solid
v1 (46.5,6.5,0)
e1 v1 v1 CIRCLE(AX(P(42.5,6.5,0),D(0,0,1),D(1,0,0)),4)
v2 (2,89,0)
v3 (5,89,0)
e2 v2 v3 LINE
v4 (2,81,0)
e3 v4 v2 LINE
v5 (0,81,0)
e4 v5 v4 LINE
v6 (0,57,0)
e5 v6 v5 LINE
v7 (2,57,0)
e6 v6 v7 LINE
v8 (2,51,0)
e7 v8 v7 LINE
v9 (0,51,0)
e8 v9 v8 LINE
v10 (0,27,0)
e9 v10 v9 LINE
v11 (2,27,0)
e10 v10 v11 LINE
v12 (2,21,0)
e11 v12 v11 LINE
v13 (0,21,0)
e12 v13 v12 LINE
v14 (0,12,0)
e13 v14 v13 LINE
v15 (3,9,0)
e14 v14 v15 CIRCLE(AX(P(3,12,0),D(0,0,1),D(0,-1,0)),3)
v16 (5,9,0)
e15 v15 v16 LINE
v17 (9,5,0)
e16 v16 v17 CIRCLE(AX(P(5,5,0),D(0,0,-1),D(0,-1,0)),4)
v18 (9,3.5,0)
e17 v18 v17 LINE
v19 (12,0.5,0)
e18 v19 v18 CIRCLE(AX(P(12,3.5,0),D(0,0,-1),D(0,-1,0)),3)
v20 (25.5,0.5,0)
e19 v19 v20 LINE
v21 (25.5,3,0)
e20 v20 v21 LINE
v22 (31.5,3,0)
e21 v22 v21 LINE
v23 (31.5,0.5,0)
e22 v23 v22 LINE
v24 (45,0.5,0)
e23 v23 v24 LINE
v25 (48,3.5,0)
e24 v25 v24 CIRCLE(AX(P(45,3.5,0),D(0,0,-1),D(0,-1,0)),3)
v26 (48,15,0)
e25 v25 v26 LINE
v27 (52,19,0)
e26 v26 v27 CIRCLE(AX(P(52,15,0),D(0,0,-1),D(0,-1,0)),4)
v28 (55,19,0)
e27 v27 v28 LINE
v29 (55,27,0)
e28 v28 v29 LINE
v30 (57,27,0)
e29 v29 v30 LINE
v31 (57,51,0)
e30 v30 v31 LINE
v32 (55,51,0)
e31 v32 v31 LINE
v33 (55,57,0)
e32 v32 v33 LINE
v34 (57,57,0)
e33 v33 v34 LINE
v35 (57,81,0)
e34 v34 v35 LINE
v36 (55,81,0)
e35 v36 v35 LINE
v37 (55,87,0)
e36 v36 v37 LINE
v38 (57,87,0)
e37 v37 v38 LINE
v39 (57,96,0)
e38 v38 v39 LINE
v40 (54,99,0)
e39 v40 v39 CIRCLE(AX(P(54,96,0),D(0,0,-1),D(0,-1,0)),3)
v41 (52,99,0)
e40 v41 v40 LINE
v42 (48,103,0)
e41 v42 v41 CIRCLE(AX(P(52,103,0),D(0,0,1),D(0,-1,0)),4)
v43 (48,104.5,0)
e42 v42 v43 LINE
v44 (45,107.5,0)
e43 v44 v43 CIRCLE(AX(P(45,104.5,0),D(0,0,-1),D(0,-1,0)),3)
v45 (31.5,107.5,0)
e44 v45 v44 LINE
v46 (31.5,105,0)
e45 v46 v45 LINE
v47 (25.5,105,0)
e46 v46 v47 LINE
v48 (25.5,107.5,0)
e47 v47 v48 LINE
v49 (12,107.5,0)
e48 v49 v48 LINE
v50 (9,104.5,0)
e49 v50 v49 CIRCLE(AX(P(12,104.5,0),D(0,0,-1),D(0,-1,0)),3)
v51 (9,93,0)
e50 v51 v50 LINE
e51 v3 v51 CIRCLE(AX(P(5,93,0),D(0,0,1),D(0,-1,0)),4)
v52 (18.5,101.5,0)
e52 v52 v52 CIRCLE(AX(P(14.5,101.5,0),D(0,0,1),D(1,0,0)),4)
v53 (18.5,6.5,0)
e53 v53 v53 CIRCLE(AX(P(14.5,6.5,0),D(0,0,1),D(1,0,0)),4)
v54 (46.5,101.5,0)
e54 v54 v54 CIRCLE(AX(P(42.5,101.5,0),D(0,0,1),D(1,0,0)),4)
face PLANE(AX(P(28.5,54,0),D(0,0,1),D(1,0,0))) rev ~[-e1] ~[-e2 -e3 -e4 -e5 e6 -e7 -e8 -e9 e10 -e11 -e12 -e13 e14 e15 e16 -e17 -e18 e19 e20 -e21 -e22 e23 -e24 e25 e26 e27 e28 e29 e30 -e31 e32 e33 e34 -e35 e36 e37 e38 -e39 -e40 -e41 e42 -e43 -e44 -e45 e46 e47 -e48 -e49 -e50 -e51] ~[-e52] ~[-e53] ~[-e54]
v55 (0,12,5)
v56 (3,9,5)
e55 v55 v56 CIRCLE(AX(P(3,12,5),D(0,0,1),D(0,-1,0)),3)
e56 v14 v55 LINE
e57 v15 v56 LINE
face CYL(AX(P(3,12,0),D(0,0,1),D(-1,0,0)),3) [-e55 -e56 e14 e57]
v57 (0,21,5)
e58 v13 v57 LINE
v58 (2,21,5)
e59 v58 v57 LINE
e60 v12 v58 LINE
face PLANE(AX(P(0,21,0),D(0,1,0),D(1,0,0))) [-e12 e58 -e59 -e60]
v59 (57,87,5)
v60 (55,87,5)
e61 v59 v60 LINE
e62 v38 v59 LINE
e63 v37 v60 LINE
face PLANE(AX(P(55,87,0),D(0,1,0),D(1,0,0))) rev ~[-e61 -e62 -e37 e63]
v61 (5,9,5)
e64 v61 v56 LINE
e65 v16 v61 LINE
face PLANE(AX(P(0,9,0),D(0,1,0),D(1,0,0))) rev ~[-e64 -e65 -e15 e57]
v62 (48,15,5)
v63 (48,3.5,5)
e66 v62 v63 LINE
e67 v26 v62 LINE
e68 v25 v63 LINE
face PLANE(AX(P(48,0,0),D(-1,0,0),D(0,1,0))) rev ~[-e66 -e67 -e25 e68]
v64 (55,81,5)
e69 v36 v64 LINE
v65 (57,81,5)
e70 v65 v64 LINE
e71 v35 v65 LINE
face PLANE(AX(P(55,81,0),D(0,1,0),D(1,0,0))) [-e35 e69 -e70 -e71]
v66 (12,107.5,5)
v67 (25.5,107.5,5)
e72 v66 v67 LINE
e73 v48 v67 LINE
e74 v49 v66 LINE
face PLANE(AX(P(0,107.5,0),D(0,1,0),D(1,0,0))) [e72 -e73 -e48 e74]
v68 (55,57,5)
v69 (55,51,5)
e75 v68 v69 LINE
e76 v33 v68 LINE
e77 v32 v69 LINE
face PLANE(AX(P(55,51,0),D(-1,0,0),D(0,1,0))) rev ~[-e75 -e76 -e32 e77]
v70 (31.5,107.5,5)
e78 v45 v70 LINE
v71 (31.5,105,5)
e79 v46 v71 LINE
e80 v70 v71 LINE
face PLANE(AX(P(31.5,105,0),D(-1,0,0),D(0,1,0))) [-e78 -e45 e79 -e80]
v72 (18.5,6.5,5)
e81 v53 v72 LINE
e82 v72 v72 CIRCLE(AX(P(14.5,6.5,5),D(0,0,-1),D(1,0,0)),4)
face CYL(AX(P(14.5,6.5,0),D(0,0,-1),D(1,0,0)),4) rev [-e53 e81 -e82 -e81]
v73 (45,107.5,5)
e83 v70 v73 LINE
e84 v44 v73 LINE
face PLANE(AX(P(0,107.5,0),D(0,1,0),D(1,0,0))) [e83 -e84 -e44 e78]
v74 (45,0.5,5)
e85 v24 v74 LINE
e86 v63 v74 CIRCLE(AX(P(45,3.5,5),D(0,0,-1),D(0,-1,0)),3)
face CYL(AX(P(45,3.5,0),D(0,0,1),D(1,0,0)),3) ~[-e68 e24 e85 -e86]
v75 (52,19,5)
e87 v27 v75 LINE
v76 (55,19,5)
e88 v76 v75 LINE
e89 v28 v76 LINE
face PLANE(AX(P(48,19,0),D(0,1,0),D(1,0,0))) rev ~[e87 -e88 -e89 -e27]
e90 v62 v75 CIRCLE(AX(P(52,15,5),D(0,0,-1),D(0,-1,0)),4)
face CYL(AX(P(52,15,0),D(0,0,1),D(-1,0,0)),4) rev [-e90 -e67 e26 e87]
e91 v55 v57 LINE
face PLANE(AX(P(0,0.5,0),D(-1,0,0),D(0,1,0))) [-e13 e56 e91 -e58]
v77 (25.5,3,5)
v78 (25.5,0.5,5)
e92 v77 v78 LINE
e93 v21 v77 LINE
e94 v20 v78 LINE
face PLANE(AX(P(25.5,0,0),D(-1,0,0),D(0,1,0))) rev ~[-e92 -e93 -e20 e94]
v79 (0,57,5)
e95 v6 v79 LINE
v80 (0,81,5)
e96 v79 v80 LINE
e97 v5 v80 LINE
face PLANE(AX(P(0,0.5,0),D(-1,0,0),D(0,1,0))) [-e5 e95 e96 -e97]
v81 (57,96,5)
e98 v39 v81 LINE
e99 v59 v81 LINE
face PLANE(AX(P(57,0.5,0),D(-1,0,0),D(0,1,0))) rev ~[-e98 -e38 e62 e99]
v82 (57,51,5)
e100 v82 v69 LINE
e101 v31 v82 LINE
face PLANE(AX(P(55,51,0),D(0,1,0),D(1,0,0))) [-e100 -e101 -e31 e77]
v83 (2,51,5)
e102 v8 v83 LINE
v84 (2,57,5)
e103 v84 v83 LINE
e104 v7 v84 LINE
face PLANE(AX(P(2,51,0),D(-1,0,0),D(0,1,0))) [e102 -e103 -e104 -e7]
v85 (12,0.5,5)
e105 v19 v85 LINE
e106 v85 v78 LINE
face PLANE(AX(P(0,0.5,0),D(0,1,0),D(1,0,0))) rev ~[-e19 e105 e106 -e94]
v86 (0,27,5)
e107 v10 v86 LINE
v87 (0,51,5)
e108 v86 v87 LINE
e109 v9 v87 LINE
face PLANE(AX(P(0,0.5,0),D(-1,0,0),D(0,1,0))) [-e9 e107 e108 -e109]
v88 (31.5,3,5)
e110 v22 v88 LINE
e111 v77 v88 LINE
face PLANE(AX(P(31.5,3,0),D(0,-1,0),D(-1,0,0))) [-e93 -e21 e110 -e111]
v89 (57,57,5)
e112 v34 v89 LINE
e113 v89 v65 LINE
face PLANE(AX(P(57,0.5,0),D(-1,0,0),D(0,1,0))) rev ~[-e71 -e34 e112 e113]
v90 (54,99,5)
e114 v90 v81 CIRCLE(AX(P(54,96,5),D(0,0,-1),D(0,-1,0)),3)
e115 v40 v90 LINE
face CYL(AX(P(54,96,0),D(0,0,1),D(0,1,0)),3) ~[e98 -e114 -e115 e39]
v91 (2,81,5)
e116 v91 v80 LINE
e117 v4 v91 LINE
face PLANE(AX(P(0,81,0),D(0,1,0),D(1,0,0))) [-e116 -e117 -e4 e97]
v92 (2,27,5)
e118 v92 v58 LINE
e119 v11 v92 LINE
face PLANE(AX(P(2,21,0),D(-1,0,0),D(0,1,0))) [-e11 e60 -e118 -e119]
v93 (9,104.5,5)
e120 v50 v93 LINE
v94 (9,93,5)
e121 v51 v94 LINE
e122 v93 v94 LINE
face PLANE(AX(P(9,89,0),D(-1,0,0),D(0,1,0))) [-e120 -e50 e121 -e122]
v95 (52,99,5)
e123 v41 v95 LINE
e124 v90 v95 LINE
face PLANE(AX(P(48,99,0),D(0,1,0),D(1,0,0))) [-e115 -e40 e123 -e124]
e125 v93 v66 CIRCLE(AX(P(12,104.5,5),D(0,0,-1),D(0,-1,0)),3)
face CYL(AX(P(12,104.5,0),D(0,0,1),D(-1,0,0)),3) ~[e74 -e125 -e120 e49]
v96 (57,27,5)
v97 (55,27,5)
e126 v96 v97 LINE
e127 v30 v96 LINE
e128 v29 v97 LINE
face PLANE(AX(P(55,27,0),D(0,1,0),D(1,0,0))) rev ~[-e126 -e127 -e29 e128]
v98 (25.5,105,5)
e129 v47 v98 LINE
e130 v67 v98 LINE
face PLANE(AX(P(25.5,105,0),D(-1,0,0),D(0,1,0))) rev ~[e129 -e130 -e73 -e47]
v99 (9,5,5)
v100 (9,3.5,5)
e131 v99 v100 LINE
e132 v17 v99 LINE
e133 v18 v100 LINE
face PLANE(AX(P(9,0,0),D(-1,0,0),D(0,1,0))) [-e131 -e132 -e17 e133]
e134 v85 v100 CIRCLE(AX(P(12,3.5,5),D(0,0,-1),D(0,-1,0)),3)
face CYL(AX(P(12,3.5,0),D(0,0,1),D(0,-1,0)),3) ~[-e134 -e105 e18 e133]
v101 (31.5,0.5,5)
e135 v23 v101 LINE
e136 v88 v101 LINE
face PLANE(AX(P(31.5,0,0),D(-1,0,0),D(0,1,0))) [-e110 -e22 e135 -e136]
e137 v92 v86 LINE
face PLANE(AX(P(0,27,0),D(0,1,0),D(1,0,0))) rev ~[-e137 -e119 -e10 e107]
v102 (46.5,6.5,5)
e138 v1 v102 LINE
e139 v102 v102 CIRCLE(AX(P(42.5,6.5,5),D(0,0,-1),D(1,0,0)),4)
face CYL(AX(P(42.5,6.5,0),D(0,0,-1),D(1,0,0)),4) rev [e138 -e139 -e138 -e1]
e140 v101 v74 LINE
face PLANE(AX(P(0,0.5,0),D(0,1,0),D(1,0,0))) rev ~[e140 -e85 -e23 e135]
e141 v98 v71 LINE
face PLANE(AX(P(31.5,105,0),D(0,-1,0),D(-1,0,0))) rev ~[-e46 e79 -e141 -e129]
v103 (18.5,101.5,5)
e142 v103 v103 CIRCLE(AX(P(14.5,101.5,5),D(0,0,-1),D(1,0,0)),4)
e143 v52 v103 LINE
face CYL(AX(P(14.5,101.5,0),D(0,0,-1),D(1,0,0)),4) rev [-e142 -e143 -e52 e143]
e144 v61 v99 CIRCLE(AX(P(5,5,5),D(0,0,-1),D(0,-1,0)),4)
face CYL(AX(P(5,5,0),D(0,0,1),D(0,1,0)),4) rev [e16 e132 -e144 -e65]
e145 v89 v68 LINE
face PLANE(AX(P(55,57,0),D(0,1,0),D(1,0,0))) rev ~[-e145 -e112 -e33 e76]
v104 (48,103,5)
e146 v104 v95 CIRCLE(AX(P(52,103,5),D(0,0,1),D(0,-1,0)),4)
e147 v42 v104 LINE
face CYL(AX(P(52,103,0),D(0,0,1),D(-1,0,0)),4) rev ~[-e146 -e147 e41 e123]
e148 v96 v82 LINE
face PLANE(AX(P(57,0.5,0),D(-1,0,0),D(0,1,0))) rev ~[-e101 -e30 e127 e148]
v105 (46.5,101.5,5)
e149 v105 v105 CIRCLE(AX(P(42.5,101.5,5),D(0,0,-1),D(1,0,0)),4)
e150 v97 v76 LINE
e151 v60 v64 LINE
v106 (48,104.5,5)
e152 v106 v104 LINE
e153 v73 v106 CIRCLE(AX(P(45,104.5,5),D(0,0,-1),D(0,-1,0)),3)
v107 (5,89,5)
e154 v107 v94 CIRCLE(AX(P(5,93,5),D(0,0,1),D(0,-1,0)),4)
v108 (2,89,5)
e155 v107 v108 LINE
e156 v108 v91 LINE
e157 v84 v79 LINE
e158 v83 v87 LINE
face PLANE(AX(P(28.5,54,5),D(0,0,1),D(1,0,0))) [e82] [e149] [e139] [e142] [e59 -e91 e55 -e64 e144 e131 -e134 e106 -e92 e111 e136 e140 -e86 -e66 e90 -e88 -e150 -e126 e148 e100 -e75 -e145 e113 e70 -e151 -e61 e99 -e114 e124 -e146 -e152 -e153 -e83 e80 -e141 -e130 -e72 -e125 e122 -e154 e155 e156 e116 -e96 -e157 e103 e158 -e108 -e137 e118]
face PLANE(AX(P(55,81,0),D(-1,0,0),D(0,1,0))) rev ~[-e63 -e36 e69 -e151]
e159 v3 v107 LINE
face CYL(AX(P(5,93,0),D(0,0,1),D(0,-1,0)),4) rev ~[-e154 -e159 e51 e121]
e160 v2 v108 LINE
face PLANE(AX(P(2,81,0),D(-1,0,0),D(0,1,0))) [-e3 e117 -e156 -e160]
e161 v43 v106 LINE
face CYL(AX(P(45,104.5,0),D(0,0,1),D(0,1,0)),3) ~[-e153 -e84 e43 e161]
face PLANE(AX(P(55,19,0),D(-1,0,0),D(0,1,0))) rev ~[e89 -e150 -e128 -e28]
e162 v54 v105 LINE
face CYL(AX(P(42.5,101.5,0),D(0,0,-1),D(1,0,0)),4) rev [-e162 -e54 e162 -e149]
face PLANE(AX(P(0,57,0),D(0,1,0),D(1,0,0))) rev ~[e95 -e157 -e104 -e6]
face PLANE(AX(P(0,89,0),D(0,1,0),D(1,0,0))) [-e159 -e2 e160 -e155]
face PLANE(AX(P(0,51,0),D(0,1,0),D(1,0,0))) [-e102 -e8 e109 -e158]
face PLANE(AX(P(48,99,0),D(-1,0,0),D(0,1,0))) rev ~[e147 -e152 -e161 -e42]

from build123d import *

# Parameters (mm, degrees)
BOX002_W               = 9
BOX002_H               = 9
BOX002_DEPTH           = 10
BOX003_W               = 9
BOX003_H               = 19
BOX003_DEPTH           = 10
BOX004_W               = 9
BOX004_H               = 9
BOX004_DEPTH           = 10
BOX005_W               = 2
BOX005_H               = 6
BOX005_DEPTH           = 10
BOX006_W               = 2
BOX006_H               = 8
BOX006_DEPTH           = 10
BOX007_W               = 2
BOX007_H               = 6
BOX007_DEPTH           = 10
BOX008_W               = 2
BOX008_H               = 6
BOX008_DEPTH           = 10
BOX009_W               = 2
BOX009_H               = 6
BOX009_DEPTH           = 10
BOX010_W               = 2
BOX010_H               = 8
BOX010_DEPTH           = 10
CYLINDER_R             = 4
CYLINDER_DEPTH         = 10
CYLINDER002_R          = 4
CYLINDER002_DEPTH      = 10
CYLINDER001_R          = 4
CYLINDER001_DEPTH      = 10
CYLINDER003_R          = 4
CYLINDER003_DEPTH      = 10
BOX011_W               = 3
BOX011_H               = 6
BOX011_DEPTH           = 10
BOX011_PLACEMENT_ANGLE = 90
BOX012_W               = 3
BOX012_H               = 6
BOX012_DEPTH           = 10
BOX012_PLACEMENT_ANGLE = 90
BOX001_W               = 9
BOX001_H               = 19
BOX001_DEPTH           = 10
BOX_W                  = 57
BOX_H                  = 107
BOX_DEPTH              = 5
FILLET_R               = 3
FILLET001_R            = 4


with BuildPart() as cube002:
    # Box002 → Box002 (new body)
    with BuildSketch(Plane.XY):
        with Locations((4.5, 4.5)):
            Rectangle(BOX002_W, BOX002_H)
    extrude(amount=BOX002_DEPTH)


with BuildPart() as cube003:
    # Box003 → Box003 (new body)
    with BuildSketch(Plane(origin=(0, 89, 0), x_dir=(1, 0, 0), z_dir=(0, 0, 1))):
        with Locations((4.5, 9.5)):
            Rectangle(BOX003_W, BOX003_H)
    extrude(amount=BOX003_DEPTH)


with BuildPart() as cube004:
    # Box004 → Box004 (new body)
    with BuildSketch(Plane(origin=(48, 99, 0), x_dir=(1, 0, 0), z_dir=(0, 0, 1))):
        with Locations((4.5, 4.5)):
            Rectangle(BOX004_W, BOX004_H)
    extrude(amount=BOX004_DEPTH)


with BuildPart() as cube005:
    # Box005 → Box005 (new body)
    with BuildSketch(Plane(origin=(0, 51, 0), x_dir=(1, 0, 0), z_dir=(0, 0, 1))):
        with Locations((1, 3)):
            Rectangle(BOX005_W, BOX005_H)
    extrude(amount=BOX005_DEPTH)


with BuildPart() as cube006:
    # Box006 → Box006 (new body)
    with BuildSketch(Plane(origin=(0, 81, 0), x_dir=(1, 0, 0), z_dir=(0, 0, 1))):
        with Locations((1, 4)):
            Rectangle(BOX006_W, BOX006_H)
    extrude(amount=BOX006_DEPTH)


with BuildPart() as cube007:
    # Box007 → Box007 (new body)
    with BuildSketch(Plane(origin=(0, 21, 0), x_dir=(1, 0, 0), z_dir=(0, 0, 1))):
        with Locations((1, 3)):
            Rectangle(BOX007_W, BOX007_H)
    extrude(amount=BOX007_DEPTH)


with BuildPart() as cube008:
    # Box008 → Box008 (new body)
    with BuildSketch(Plane(origin=(55, 51, 0), x_dir=(1, 0, 0), z_dir=(0, 0, 1))):
        with Locations((1, 3)):
            Rectangle(BOX008_W, BOX008_H)
    extrude(amount=BOX008_DEPTH)


with BuildPart() as cube009:
    # Box009 → Box009 (new body)
    with BuildSketch(Plane(origin=(55, 81, 0), x_dir=(1, 0, 0), z_dir=(0, 0, 1))):
        with Locations((1, 3)):
            Rectangle(BOX009_W, BOX009_H)
    extrude(amount=BOX009_DEPTH)


with BuildPart() as cube010:
    # Box010 → Box010 (new body)
    with BuildSketch(Plane(origin=(55, 19, 0), x_dir=(1, 0, 0), z_dir=(0, 0, 1))):
        with Locations((1, 4)):
            Rectangle(BOX010_W, BOX010_H)
    extrude(amount=BOX010_DEPTH)


with BuildPart() as cylinder:
    # Cylinder → Cylinder (new body)
    with BuildSketch(Plane(origin=(14.5, 6.5, 0), x_dir=(1, 0, 0), z_dir=(0, 0, 1))):
        Circle(CYLINDER_R)
    extrude(amount=CYLINDER_DEPTH)


with BuildPart() as cylinder002:
    # Cylinder002 → Cylinder002 (new body)
    with BuildSketch(Plane(origin=(42.5, 101.5, 0), x_dir=(1, 0, 0), z_dir=(0, 0, 1))):
        Circle(CYLINDER002_R)
    extrude(amount=CYLINDER002_DEPTH)


with BuildPart() as cylinder001:
    # Cylinder001 → Cylinder001 (new body)
    with BuildSketch(Plane(origin=(42.5, 6.5, 0), x_dir=(1, 0, 0), z_dir=(0, 0, 1))):
        Circle(CYLINDER001_R)
    extrude(amount=CYLINDER001_DEPTH)


with BuildPart() as cylinder003:
    # Cylinder003 → Cylinder003 (new body)
    with BuildSketch(Plane(origin=(14.5, 101.5, 0), x_dir=(1, 0, 0), z_dir=(0, 0, 1))):
        Circle(CYLINDER003_R)
    extrude(amount=CYLINDER003_DEPTH)


with BuildPart() as cube011:
    # Box011 → Box011 (new body)
    with BuildSketch(Plane.XY):
        with Locations((1.5, 3)):
            Rectangle(BOX011_W, BOX011_H)
    extrude(amount=BOX011_DEPTH)


with BuildPart() as cube011_1:
    # Box011 placement: moved
    add(cube011.part.moved(Location((31.5, 0, 0))).rotate(Axis((31.5, 0, 0), (0, 0, 1)), BOX011_PLACEMENT_ANGLE))


with BuildPart() as cube012:
    # Box012 → Box012 (new body)
    with BuildSketch(Plane.XY):
        with Locations((1.5, 3)):
            Rectangle(BOX012_W, BOX012_H)
    extrude(amount=BOX012_DEPTH)


with BuildPart() as cube012_1:
    # Box012 placement: moved
    add(cube012.part.moved(Location((31.5, 105, 0))).rotate(Axis((31.5, 105, 0), (0, 0, 1)), BOX012_PLACEMENT_ANGLE))


with BuildPart() as fusion:
    # Box001 → Box001 (new body)
    with BuildSketch(Plane(origin=(48, 0, 0), x_dir=(1, 0, 0), z_dir=(0, 0, 1))):
        with Locations((4.5, 9.5)):
            Rectangle(BOX001_W, BOX001_H)
    extrude(amount=BOX001_DEPTH)

    # Fusion: union Cube002, Cube003, Cube004, Cube005, Cube006, Cube007, Cube008, Cube009, Cube010, Cylinder, Cylinder002, Cylinder001, Cylinder003, Cube011, Cube012
    add(cube002.part)
    add(cube003.part)
    add(cube004.part)
    add(cube005.part)
    add(cube006.part)
    add(cube007.part)
    add(cube008.part)
    add(cube009.part)
    add(cube010.part)
    add(cylinder.part)
    add(cylinder002.part)
    add(cylinder001.part)
    add(cylinder003.part)
    add(cube011_1.part)
    add(cube012_1.part)


with BuildPart() as fillet001:
    # Box → Box (new body)
    with BuildSketch(Plane(origin=(0, 0.5, 0), x_dir=(1, 0, 0), z_dir=(0, 0, 1))):
        with Locations((28.5, 53.5)):
            Rectangle(BOX_W, BOX_H)
    extrude(amount=BOX_DEPTH)

    # Cut: cut Fusion
    add(fusion.part, mode=Mode.SUBTRACT)

    # Fillet
    fillet_edges = [fillet001.edges().sort_by_distance(p)[0] for p in [
        (9, 107.5, 2.5),
        (48, 107.5, 2.5),
        (57, 99, 2.5),
        (48, 0.5, 2.5),
        (9, 0.5, 2.5),
        (0, 9, 2.5),
    ]]
    fillet(fillet_edges, radius=FILLET_R)

    # Fillet001
    fillet001_edges = [fillet001.edges().sort_by_distance(p)[0] for p in [
        (9, 89, 2.5),
        (48, 99, 2.5),
        (9, 9, 2.5),
        (48, 19, 2.5),
    ]]
    fillet(fillet001_edges, radius=FILLET001_R)


solid = fillet001.part
